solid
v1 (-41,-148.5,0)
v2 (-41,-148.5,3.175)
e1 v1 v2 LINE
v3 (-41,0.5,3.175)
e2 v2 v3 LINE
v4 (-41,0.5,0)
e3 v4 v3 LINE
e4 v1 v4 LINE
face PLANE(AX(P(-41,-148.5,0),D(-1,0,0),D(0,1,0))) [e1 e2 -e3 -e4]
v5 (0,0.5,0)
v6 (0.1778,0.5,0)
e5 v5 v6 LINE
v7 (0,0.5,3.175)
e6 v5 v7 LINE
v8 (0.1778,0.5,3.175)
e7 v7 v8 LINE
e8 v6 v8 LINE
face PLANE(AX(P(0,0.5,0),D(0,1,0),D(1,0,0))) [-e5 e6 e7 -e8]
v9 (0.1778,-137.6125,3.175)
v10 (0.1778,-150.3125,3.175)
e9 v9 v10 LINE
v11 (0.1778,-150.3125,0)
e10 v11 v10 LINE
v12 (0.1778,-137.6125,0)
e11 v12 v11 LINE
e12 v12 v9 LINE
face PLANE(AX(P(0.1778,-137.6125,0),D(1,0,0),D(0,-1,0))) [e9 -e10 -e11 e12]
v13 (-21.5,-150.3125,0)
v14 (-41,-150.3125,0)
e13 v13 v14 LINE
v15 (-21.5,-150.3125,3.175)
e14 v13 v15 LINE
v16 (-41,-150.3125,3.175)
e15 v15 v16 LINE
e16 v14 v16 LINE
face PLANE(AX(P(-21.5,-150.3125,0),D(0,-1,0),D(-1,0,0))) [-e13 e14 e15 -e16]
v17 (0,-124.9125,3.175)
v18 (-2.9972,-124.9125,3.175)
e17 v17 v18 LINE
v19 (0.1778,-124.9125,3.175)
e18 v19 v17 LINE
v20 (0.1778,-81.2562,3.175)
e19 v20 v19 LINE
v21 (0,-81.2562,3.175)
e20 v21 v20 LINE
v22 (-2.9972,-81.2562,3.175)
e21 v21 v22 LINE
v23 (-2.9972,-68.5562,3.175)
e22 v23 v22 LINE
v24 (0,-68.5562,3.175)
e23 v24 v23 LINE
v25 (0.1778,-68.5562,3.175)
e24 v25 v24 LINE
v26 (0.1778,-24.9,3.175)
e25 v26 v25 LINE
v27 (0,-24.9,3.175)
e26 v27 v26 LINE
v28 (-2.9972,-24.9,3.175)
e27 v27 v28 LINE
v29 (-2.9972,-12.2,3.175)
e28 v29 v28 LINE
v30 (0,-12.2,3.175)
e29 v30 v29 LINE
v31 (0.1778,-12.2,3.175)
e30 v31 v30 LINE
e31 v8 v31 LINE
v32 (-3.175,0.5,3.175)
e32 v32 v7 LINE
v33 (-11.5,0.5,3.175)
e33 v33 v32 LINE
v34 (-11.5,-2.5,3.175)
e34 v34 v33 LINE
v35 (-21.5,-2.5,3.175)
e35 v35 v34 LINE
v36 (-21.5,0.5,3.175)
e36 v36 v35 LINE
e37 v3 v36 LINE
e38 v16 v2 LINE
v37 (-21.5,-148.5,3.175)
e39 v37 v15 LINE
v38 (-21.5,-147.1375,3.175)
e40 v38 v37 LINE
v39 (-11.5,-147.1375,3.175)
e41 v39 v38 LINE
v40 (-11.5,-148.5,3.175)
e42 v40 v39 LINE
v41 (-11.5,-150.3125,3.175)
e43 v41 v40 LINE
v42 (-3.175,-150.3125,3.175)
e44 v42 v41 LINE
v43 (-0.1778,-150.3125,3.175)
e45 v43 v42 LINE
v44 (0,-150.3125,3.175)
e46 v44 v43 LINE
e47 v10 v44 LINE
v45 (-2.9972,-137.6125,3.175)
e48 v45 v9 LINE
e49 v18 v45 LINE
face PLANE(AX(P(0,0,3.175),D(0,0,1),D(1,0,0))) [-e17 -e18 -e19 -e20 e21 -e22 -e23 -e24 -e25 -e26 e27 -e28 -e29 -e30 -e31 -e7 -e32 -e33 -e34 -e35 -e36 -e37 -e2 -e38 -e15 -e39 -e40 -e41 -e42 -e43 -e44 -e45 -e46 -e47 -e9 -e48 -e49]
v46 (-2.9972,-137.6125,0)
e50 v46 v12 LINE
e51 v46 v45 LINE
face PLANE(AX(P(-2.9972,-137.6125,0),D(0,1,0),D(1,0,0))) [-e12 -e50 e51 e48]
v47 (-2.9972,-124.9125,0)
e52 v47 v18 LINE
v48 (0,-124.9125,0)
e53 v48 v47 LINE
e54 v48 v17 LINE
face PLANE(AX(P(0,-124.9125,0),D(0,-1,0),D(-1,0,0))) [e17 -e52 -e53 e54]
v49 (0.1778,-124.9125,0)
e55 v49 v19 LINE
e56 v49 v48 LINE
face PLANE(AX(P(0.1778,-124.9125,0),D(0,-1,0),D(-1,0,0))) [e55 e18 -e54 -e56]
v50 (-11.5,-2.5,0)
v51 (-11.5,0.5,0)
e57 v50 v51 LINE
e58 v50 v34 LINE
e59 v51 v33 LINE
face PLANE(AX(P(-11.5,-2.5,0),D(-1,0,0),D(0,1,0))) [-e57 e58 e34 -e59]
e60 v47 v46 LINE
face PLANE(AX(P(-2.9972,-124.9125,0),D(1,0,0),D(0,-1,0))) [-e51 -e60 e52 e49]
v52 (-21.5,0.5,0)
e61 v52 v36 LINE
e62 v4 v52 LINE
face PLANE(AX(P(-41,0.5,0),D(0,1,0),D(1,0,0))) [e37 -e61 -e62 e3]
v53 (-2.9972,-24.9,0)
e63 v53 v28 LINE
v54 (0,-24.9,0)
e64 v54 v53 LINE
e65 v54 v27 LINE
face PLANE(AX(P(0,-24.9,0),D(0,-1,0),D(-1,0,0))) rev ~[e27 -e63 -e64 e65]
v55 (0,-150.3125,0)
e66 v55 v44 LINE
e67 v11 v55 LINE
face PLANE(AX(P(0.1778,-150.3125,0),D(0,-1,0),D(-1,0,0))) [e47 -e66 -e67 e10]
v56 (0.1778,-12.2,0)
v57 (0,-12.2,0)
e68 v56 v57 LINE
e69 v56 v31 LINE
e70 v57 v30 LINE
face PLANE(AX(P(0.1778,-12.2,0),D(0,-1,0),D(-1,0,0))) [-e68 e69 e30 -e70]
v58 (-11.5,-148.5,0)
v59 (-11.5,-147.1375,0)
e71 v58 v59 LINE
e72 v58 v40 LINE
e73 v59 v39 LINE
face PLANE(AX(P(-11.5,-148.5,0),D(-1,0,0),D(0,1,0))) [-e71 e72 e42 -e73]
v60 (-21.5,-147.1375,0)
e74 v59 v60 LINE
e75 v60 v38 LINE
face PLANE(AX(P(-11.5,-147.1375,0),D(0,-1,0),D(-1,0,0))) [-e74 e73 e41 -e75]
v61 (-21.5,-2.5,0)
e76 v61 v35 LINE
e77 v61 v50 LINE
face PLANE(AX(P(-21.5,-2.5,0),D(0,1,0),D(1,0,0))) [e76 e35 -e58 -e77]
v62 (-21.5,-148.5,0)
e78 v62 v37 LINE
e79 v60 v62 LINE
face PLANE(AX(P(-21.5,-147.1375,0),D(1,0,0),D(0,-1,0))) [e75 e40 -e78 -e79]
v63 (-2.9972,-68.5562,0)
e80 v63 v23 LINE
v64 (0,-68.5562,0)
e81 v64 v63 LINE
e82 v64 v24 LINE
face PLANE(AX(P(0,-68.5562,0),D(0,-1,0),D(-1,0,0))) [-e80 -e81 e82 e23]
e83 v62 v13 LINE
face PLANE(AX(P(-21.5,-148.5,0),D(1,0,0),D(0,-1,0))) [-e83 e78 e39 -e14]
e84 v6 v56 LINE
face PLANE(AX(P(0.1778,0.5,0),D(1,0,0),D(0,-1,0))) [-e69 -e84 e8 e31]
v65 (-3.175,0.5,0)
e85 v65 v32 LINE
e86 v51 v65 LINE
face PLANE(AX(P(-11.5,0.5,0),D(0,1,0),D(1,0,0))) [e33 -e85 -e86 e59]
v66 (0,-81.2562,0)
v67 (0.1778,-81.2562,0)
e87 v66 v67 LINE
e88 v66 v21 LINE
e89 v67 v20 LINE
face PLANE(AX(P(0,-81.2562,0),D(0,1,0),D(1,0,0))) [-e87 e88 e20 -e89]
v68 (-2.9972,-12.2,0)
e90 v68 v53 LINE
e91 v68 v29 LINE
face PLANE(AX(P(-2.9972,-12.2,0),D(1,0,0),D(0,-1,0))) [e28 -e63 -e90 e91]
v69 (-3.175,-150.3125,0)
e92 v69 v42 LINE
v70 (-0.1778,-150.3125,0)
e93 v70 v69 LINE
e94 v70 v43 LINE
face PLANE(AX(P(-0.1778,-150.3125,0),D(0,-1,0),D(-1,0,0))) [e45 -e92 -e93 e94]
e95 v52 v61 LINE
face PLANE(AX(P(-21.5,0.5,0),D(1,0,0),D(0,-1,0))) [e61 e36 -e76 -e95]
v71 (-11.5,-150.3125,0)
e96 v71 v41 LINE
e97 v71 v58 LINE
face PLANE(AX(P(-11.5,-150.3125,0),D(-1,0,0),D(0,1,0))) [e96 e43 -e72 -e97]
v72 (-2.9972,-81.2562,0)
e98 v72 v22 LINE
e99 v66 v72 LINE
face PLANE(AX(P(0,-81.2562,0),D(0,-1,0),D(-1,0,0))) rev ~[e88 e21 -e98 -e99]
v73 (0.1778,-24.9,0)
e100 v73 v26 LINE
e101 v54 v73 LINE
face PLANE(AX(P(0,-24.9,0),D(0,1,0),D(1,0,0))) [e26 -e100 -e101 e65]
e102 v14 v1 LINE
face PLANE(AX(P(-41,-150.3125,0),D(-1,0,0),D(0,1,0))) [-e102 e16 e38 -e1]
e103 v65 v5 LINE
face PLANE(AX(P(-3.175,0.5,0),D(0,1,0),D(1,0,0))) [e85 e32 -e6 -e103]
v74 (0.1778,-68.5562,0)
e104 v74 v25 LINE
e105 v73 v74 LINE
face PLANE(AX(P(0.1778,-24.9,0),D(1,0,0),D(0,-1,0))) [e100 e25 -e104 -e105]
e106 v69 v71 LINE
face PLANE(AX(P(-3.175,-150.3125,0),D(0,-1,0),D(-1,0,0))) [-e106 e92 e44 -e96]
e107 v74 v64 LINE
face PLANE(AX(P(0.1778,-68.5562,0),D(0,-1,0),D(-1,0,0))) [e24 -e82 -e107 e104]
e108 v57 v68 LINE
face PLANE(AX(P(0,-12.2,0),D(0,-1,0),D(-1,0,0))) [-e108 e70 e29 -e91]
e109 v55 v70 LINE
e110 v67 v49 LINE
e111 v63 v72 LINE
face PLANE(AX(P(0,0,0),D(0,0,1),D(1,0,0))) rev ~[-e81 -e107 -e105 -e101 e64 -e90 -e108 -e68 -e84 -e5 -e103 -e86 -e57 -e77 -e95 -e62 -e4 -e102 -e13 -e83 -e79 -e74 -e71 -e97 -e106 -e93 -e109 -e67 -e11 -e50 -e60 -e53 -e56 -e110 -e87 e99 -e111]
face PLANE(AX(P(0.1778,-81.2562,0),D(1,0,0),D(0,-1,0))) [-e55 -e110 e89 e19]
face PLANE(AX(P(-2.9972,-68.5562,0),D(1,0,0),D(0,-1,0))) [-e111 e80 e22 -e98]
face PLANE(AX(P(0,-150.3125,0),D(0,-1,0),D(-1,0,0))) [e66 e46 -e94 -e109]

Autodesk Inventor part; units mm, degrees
ref_plane "YZ Plane" through (0, 0, 0) normal (1, 0, 0) x (0, 1, 0)
ref_plane "XZ Plane" through (0, 0, 0) normal (0, 1, 0) x (-1, 0, 0)
ref_plane "XY Plane" through (0, 0, 0) normal (0, 0, 1) x (1, 0, 0)
sketch "Sketch1" plane through (0, 0, 0) normal (0, 0, 1) x (1, 0, 0)
  line L0 (-11.5, -148.5) -> (-11.5, -147.1375)
  line L1 (-21.5, -147.1375) -> (-21.5, -148.5)
  line L2 (-41, -148.5) -> (-41, 0.5)
  line L3 (-41, 0.5) -> (-21.5, 0.5)
  line L4 (-21.5, 0.5) -> (-21.5, -2.5)
  line L5 (-21.5, -2.5) -> (-11.5, -2.5)
  line L6 (-11.5, -2.5) -> (-11.5, 0.5)
  line L7 (-11.5, 0.5) -> (0, 0.5)
  line L8 (-11.5, -148.5) -> (-11.5, -147.1375)
  line L9 (-21.5, -147.1375) -> (-21.5, -148.5)
  line L10 (-41, -148.5) -> (-41, 0.5)
  line L11 (-41, 0.5) -> (-21.5, 0.5)
  line L12 (-21.5, 0.5) -> (-21.5, -2.5)
  line L13 (-21.5, -2.5) -> (-11.5, -2.5)
  line L14 (-11.5, -2.5) -> (-11.5, 0.5)
  line L15 (-11.5, 0.5) -> (0, 0.5)
  line L16 (-41, -150.3125) -> (-41, 0.5)
  line L17 (-11.5, -150.3125) -> (-11.5, -147.1375)
  line L18 (-11.5, -147.1375) -> (-21.5, -147.1375)
  line L19 (-21.5, -147.1375) -> (-21.5, -150.3125)
  line L20 (0, -150.3125) -> (-11.5, -150.3125)
  line L21 (-21.5, -150.3125) -> (-41, -150.3125)
  line L22 (0, 0.5) -> (-3.175, 0.5)
  line L23 (-3.175, -150.3125) -> (0, -150.3125)
  line L24 (-3.175, 0.5) -> (0, 0.5)
  line L25 (0, -12.2) -> (-2.9972, -12.2)
  line L26 (-2.9972, -12.2) -> (0, -12.2)
  line L27 (0, -24.9) -> (-2.9972, -24.9)
  line L28 (-2.9972, -24.9) -> (0, -24.9)
  line L29 (0, -68.5562) -> (-2.9972, -68.5562)
  line L30 (-2.9972, -68.5562) -> (0, -68.5562)
  line L31 (0, -81.2562) -> (-2.9972, -81.2562)
  line L32 (-2.9972, -81.2562) -> (0, -81.2562)
  line L33 (0, -124.9125) -> (-2.9972, -124.9125)
  line L34 (-2.9972, -124.9125) -> (0, -124.9125)
  line L35 (-3.175, -150.3125) -> (-0.1778, -150.3125)
  line L36 (-41, 0.5) -> (-21.5, 0.5)
  line L37 (-11.5, 0.5) -> (0, 0.5)
  line L38 (-2.9972, -12.2) -> (-2.9972, -24.9)
  line L39 (-2.9972, -68.5562) -> (-2.9972, -81.2562)
  line L40 (-2.9972, -124.9125) -> (-2.9972, -137.6125)
  line L41 (-0.1778, -150.3125) -> (0, -150.3125)
  line L42 (0, -124.9125) -> (0, -124.9125)
  line L43 (0, -81.2562) -> (0, -81.2562)
  line L44 (0, -68.5562) -> (0, -68.5562)
  line L45 (0, -24.9) -> (0, -24.9)
  line L46 (0, -12.2) -> (0, -12.2)
  line L47 (0, 0.5) -> (0, 0.5)
  line L48 (0, 0.5) -> (0.1778, 0.5)
  line L49 (0.1778, 0.5) -> (0.1778, -12.2)
  line L50 (0.1778, -12.2) -> (0, -12.2)
  line L51 (0, -24.9) -> (0.1778, -24.9)
  line L52 (0.1778, -24.9) -> (0.1778, -68.5562)
  line L53 (0.1778, -68.5562) -> (0, -68.5562)
  line L54 (0, -81.2562) -> (0.1778, -81.2562)
  line L55 (0.1778, -81.2562) -> (0.1778, -124.9125)
  line L56 (0.1778, -124.9125) -> (0, -124.9125)
  line L57 (-2.9972, -137.6125) -> (0.1778, -137.6125)
  line L58 (0.1778, -137.6125) -> (0.1778, -150.3125)
  line L59 (0.1778, -150.3125) -> (0, -150.3125)
  point P0 (0, 0)
  dimension "d0" = 150.8125
  dimension "d1" = 3.175
  dimension "d2" = 3.175
  dimension "d3" = 12.7
  dimension "d4" = 12.7
  dimension "d5" = 43.6562
  dimension "d6" = 12.7
  dimension "d7" = 43.6562
  dimension "d15" = 0.1778
  dimension "d18" = 0.1778
extrude "Extrusion3" add sketch "Sketch1" along normal blind 3.175
properties part number "1-8inch_Top2_1-Part"
